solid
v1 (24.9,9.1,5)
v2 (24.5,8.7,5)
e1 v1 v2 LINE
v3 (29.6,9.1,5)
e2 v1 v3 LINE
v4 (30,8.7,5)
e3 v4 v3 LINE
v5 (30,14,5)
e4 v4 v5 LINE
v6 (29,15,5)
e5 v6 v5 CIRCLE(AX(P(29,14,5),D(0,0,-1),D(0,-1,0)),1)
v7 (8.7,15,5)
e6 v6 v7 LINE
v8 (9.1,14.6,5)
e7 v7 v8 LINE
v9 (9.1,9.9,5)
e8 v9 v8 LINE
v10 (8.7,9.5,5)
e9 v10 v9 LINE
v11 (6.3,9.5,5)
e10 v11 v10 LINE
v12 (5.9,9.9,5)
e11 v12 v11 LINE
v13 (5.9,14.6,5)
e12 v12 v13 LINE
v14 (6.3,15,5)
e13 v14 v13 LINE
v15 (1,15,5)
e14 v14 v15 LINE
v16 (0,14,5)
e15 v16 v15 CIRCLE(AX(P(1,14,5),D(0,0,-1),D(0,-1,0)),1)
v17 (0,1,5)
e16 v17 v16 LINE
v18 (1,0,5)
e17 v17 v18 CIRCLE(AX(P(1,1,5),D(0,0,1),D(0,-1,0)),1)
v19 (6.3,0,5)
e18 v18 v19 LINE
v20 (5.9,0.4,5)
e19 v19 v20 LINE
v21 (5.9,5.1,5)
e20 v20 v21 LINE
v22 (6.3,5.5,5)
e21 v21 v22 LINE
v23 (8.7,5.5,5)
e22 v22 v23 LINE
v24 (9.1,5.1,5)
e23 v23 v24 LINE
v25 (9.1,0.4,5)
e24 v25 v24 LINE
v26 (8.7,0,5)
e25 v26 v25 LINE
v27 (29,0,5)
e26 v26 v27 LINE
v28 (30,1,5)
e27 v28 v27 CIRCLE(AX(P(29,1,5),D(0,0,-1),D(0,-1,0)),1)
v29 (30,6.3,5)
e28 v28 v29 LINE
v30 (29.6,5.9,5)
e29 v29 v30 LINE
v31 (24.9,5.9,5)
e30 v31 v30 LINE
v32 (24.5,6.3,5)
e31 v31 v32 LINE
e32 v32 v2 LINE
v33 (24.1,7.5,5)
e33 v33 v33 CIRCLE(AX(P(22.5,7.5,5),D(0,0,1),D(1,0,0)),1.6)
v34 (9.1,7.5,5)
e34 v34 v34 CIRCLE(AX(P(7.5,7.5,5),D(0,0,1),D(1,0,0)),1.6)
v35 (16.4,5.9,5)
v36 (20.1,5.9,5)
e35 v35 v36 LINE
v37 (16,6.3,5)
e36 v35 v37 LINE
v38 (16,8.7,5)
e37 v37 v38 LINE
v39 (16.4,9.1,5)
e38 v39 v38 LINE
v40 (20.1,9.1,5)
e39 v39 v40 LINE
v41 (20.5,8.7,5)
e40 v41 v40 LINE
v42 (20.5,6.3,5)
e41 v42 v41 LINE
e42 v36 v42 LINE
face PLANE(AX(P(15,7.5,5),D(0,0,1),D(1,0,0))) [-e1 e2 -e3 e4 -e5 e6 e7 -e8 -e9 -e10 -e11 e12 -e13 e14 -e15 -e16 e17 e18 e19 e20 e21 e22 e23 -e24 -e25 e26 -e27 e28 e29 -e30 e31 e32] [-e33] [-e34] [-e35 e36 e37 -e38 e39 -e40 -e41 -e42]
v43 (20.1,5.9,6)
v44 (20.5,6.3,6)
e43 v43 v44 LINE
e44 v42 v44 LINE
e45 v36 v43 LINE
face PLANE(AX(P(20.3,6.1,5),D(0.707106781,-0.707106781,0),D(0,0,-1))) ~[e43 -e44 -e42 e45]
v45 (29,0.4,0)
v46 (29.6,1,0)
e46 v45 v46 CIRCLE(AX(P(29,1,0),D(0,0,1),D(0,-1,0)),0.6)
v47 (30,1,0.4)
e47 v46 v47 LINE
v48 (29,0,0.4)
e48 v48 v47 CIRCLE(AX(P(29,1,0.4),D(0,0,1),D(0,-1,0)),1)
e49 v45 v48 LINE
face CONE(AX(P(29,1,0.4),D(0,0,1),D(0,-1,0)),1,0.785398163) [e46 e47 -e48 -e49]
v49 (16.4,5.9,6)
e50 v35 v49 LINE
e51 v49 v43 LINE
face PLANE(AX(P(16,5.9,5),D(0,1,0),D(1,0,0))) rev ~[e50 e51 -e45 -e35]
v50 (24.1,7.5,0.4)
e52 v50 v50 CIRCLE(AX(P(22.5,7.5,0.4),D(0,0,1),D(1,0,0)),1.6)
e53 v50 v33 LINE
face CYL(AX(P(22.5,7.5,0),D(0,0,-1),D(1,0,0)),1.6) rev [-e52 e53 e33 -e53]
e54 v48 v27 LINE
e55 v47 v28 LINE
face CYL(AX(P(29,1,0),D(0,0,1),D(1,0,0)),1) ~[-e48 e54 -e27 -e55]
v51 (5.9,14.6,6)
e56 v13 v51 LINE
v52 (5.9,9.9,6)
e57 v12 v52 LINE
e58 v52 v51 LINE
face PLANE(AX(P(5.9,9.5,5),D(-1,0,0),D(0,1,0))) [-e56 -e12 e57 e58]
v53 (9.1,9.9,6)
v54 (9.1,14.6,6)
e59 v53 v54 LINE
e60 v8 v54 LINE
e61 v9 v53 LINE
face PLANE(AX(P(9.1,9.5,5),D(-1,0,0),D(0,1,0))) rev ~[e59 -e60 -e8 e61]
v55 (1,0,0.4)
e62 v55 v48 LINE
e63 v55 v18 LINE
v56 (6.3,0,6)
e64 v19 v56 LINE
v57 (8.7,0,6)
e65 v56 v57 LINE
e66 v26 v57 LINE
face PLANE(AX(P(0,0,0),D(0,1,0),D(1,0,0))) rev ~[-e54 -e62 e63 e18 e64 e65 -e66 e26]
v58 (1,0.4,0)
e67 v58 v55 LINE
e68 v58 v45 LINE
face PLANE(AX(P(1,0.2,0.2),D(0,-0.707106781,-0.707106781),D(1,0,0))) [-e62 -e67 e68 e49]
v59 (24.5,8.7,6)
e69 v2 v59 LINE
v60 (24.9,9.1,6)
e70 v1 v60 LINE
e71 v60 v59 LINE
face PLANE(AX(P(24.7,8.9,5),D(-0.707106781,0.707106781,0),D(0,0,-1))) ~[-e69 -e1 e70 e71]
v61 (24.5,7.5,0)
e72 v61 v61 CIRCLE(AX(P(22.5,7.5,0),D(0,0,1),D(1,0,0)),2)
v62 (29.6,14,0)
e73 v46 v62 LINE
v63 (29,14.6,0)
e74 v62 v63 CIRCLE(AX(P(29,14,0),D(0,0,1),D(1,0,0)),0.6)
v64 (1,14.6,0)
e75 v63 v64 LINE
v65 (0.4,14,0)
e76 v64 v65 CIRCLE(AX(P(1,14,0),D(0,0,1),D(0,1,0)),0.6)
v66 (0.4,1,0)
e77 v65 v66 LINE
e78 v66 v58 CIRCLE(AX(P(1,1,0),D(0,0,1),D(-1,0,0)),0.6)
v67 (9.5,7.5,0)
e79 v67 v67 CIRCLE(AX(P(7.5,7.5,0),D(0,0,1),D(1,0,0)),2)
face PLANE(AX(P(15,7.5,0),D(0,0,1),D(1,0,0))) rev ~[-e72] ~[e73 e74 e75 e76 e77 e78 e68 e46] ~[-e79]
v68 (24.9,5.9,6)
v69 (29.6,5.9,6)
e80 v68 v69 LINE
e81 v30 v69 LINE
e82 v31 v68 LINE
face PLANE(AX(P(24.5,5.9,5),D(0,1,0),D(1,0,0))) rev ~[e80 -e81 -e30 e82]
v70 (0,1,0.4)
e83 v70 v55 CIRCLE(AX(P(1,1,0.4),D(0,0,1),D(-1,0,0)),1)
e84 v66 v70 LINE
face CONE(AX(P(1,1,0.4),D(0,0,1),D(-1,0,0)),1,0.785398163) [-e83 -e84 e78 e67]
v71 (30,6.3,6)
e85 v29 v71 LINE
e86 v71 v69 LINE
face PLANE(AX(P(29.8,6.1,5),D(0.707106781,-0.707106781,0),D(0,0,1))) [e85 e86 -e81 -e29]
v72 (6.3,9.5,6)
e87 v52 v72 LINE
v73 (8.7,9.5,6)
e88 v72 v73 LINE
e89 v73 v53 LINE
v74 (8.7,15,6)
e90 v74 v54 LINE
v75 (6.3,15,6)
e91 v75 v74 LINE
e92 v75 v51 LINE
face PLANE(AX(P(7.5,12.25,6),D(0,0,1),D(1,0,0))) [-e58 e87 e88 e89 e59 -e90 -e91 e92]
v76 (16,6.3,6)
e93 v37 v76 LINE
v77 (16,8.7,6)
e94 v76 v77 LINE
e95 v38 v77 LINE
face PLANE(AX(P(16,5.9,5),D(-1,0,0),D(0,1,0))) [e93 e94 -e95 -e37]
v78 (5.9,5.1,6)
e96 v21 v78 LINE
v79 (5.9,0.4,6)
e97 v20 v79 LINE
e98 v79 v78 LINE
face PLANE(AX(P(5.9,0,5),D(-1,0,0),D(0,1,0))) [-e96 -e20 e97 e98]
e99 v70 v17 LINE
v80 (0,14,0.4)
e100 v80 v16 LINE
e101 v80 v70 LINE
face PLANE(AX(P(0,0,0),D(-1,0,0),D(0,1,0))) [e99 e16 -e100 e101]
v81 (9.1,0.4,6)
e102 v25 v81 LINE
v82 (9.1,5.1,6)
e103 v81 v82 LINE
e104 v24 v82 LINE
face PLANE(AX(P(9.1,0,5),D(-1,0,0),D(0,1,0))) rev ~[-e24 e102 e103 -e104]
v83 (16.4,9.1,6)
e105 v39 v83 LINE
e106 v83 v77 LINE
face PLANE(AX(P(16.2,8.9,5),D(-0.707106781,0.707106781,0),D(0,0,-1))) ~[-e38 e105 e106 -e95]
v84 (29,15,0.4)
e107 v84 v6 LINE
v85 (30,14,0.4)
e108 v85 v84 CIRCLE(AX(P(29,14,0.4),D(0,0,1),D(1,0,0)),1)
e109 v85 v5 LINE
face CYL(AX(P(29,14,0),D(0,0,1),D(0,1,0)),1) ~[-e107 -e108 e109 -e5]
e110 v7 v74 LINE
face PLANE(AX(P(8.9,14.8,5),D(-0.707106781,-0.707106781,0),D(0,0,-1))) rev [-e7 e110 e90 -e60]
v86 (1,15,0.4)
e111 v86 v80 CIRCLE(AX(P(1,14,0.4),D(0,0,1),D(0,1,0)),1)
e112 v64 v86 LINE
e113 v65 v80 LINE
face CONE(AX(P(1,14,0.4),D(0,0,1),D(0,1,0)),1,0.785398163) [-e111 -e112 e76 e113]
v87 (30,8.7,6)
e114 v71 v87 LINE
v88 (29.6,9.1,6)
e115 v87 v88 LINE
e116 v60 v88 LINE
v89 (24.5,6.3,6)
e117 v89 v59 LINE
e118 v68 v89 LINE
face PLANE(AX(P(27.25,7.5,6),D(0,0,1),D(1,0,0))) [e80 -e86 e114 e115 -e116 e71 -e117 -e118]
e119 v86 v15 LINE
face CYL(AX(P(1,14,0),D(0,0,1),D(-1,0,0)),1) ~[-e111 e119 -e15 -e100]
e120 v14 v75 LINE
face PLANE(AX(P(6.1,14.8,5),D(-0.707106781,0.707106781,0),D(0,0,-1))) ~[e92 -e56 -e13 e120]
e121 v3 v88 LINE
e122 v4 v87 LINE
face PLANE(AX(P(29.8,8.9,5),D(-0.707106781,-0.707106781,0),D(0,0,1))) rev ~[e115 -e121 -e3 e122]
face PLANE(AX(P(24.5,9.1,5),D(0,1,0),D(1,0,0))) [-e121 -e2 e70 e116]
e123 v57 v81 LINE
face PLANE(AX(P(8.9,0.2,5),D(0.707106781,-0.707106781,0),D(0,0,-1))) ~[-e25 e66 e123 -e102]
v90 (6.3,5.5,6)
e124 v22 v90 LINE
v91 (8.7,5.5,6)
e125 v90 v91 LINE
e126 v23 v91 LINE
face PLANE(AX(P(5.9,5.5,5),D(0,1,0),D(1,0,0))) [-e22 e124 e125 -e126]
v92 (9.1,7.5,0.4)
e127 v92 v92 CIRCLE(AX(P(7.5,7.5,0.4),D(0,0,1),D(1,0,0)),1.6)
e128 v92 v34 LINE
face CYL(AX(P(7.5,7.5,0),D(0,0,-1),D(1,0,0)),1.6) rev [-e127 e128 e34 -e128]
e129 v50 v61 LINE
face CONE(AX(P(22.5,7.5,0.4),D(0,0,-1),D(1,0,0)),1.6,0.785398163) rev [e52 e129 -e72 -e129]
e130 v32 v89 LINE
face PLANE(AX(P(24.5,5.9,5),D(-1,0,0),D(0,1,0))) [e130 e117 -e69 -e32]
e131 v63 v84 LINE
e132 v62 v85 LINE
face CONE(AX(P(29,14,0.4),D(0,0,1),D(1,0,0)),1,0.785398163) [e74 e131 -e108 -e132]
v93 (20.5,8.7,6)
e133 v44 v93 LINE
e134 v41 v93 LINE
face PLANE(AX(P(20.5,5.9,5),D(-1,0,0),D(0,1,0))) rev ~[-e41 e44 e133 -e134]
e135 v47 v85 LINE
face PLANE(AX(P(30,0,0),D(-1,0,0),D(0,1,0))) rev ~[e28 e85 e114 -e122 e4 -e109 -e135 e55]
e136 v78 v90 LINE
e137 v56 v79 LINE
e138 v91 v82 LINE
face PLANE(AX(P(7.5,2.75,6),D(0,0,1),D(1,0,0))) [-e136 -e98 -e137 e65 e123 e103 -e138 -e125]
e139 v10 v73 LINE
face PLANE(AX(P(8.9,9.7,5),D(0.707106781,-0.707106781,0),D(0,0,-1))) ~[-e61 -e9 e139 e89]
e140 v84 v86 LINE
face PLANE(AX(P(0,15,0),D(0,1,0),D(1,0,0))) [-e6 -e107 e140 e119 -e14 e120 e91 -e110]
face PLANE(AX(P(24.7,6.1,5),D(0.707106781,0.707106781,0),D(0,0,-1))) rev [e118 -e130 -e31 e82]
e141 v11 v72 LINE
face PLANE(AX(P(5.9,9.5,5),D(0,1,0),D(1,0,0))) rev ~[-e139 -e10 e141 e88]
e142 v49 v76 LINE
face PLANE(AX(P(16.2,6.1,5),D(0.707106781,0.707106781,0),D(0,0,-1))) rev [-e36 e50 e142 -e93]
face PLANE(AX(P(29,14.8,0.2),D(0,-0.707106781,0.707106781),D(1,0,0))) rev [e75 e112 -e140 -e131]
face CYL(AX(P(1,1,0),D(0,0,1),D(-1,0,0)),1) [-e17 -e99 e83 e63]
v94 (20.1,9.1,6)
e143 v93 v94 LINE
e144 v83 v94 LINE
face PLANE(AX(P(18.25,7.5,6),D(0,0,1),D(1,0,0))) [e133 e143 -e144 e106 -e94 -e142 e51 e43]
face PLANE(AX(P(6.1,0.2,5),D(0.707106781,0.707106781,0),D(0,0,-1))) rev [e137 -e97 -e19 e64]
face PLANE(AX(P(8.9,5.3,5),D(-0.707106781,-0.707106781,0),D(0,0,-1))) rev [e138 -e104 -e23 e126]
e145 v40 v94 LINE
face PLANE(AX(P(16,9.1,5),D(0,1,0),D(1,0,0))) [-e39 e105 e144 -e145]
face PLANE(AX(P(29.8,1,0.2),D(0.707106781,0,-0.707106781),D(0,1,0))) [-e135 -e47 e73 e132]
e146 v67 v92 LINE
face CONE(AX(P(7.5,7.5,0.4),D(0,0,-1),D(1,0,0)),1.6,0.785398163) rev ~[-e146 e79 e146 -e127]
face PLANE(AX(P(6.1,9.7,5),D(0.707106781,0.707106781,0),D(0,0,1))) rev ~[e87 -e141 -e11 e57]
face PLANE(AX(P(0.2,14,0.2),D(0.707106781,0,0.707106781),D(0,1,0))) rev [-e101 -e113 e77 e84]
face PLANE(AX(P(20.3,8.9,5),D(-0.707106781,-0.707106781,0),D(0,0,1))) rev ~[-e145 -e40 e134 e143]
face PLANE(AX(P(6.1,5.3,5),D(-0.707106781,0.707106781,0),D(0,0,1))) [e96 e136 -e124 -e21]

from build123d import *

# Parameters (mm, degrees)
SKETCH039_W                                      = 30
SKETCH039_H                                      = 15
SKETCH039_R                                      = 1.6
PAD008_DEPTH                                     = 5
SKETCH040_W                                      = 4.5
SKETCH040_H                                      = 3.2
SKETCH040_W_2                                    = 5.5
SKETCH040_W_3                                    = 3.2
SKETCH040_H_2                                    = 5.5
PAD009_DEPTH                                     = 1
PAD010_DEPTH                                     = 1
FILLET002_R                                      = 1
CHAMFER004013007011015006009007001005003045_SIZE = 0.4
CHAMFER004013007011015006009007001005003046_SIZE = 0.4


with BuildPart() as part:
    # Sketch039 → Pad008 (new body)
    with BuildSketch(Plane.XY):
        with Locations((15, 7.5)):
            Rectangle(SKETCH039_W, SKETCH039_H)
        with Locations((7.5, 7.5)):
            Circle(SKETCH039_R, mode=Mode.SUBTRACT)
        with Locations((22.5, 7.5)):
            Circle(SKETCH039_R, mode=Mode.SUBTRACT)
    extrude(amount=PAD008_DEPTH)

    # Sketch040 (on Face8 of Pad008) → Pad009 (join)
    with BuildSketch(Plane.XY.offset(5)):
        with Locations((18.25, 7.5)):
            Rectangle(SKETCH040_W, SKETCH040_H)
        with Locations((27.25, 7.5)):
            Rectangle(SKETCH040_W_2, SKETCH040_H)
        with Locations((7.5, 12.25)):
            Rectangle(SKETCH040_W_3, SKETCH040_H_2)
        with Locations((7.5, 2.75)):
            Rectangle(SKETCH040_W_3, SKETCH040_H_2)
    extrude(amount=PAD009_DEPTH)

    # Sketch040 (on Face8 of Pad008) → Pad010 (join)
    with BuildSketch(Plane.XY.offset(5)):
        with Locations((18.25, 7.5)):
            Rectangle(SKETCH040_W, SKETCH040_H)
        with Locations((27.25, 7.5)):
            Rectangle(SKETCH040_W_2, SKETCH040_H)
        with Locations((7.5, 12.25)):
            Rectangle(SKETCH040_W_3, SKETCH040_H_2)
        with Locations((7.5, 2.75)):
            Rectangle(SKETCH040_W_3, SKETCH040_H_2)
    extrude(amount=PAD010_DEPTH)

    # Fillet002
    fillet002_edges = [part.edges().sort_by_distance(p)[0] for p in [
        (30, 0, 2.5),
        (30, 15, 2.5),
        (0, 15, 2.5),
        (0, 0, 2.5),
    ]]
    fillet(fillet002_edges, radius=FILLET002_R)

    # Chamfer004013007011015006009007001005003045
    chamfer004013007011015006009007001005003045_edges = [part.edges().sort_by_distance(p)[0] for p in [
        (30, 9.1, 5.5),
        (24.5, 9.1, 5.5),
        (20.5, 9.1, 5.5),
        (16, 9.1, 5.5),
        (16, 5.9, 5.5),
        (9.1, 15, 5.5),
        (5.9, 15, 5.5),
        (9.1, 5.5, 5.5),
        (5.9, 5.5, 5.5),
        (5.9, 9.5, 5.5),
        (5.9, 0, 5.5),
        (9.1, 9.5, 5.5),
        (9.1, 0, 5.5),
        (20.5, 5.9, 5.5),
        (24.5, 5.9, 5.5),
        (30, 5.9, 5.5),
    ]]
    chamfer(chamfer004013007011015006009007001005003045_edges, length=CHAMFER004013007011015006009007001005003045_SIZE)

    # Chamfer004013007011015006009007001005003046
    chamfer004013007011015006009007001005003046_edges = [part.edges().sort_by_distance(p)[0] for p in [
        (15, 0, 0),
        (29.707107, 0.292893, 0),
        (30, 7.5, 0),
        (29.707107, 14.707107, 0),
        (15, 15, 0),
        (0.292893, 14.707107, 0),
        (0, 7.5, 0),
        (0.292893, 0.292893, 0),
        (20.9, 7.5, 0),
        (5.9, 7.5, 0),
    ]]
    chamfer(chamfer004013007011015006009007001005003046_edges, length=CHAMFER004013007011015006009007001005003046_SIZE)


solid = part.part
